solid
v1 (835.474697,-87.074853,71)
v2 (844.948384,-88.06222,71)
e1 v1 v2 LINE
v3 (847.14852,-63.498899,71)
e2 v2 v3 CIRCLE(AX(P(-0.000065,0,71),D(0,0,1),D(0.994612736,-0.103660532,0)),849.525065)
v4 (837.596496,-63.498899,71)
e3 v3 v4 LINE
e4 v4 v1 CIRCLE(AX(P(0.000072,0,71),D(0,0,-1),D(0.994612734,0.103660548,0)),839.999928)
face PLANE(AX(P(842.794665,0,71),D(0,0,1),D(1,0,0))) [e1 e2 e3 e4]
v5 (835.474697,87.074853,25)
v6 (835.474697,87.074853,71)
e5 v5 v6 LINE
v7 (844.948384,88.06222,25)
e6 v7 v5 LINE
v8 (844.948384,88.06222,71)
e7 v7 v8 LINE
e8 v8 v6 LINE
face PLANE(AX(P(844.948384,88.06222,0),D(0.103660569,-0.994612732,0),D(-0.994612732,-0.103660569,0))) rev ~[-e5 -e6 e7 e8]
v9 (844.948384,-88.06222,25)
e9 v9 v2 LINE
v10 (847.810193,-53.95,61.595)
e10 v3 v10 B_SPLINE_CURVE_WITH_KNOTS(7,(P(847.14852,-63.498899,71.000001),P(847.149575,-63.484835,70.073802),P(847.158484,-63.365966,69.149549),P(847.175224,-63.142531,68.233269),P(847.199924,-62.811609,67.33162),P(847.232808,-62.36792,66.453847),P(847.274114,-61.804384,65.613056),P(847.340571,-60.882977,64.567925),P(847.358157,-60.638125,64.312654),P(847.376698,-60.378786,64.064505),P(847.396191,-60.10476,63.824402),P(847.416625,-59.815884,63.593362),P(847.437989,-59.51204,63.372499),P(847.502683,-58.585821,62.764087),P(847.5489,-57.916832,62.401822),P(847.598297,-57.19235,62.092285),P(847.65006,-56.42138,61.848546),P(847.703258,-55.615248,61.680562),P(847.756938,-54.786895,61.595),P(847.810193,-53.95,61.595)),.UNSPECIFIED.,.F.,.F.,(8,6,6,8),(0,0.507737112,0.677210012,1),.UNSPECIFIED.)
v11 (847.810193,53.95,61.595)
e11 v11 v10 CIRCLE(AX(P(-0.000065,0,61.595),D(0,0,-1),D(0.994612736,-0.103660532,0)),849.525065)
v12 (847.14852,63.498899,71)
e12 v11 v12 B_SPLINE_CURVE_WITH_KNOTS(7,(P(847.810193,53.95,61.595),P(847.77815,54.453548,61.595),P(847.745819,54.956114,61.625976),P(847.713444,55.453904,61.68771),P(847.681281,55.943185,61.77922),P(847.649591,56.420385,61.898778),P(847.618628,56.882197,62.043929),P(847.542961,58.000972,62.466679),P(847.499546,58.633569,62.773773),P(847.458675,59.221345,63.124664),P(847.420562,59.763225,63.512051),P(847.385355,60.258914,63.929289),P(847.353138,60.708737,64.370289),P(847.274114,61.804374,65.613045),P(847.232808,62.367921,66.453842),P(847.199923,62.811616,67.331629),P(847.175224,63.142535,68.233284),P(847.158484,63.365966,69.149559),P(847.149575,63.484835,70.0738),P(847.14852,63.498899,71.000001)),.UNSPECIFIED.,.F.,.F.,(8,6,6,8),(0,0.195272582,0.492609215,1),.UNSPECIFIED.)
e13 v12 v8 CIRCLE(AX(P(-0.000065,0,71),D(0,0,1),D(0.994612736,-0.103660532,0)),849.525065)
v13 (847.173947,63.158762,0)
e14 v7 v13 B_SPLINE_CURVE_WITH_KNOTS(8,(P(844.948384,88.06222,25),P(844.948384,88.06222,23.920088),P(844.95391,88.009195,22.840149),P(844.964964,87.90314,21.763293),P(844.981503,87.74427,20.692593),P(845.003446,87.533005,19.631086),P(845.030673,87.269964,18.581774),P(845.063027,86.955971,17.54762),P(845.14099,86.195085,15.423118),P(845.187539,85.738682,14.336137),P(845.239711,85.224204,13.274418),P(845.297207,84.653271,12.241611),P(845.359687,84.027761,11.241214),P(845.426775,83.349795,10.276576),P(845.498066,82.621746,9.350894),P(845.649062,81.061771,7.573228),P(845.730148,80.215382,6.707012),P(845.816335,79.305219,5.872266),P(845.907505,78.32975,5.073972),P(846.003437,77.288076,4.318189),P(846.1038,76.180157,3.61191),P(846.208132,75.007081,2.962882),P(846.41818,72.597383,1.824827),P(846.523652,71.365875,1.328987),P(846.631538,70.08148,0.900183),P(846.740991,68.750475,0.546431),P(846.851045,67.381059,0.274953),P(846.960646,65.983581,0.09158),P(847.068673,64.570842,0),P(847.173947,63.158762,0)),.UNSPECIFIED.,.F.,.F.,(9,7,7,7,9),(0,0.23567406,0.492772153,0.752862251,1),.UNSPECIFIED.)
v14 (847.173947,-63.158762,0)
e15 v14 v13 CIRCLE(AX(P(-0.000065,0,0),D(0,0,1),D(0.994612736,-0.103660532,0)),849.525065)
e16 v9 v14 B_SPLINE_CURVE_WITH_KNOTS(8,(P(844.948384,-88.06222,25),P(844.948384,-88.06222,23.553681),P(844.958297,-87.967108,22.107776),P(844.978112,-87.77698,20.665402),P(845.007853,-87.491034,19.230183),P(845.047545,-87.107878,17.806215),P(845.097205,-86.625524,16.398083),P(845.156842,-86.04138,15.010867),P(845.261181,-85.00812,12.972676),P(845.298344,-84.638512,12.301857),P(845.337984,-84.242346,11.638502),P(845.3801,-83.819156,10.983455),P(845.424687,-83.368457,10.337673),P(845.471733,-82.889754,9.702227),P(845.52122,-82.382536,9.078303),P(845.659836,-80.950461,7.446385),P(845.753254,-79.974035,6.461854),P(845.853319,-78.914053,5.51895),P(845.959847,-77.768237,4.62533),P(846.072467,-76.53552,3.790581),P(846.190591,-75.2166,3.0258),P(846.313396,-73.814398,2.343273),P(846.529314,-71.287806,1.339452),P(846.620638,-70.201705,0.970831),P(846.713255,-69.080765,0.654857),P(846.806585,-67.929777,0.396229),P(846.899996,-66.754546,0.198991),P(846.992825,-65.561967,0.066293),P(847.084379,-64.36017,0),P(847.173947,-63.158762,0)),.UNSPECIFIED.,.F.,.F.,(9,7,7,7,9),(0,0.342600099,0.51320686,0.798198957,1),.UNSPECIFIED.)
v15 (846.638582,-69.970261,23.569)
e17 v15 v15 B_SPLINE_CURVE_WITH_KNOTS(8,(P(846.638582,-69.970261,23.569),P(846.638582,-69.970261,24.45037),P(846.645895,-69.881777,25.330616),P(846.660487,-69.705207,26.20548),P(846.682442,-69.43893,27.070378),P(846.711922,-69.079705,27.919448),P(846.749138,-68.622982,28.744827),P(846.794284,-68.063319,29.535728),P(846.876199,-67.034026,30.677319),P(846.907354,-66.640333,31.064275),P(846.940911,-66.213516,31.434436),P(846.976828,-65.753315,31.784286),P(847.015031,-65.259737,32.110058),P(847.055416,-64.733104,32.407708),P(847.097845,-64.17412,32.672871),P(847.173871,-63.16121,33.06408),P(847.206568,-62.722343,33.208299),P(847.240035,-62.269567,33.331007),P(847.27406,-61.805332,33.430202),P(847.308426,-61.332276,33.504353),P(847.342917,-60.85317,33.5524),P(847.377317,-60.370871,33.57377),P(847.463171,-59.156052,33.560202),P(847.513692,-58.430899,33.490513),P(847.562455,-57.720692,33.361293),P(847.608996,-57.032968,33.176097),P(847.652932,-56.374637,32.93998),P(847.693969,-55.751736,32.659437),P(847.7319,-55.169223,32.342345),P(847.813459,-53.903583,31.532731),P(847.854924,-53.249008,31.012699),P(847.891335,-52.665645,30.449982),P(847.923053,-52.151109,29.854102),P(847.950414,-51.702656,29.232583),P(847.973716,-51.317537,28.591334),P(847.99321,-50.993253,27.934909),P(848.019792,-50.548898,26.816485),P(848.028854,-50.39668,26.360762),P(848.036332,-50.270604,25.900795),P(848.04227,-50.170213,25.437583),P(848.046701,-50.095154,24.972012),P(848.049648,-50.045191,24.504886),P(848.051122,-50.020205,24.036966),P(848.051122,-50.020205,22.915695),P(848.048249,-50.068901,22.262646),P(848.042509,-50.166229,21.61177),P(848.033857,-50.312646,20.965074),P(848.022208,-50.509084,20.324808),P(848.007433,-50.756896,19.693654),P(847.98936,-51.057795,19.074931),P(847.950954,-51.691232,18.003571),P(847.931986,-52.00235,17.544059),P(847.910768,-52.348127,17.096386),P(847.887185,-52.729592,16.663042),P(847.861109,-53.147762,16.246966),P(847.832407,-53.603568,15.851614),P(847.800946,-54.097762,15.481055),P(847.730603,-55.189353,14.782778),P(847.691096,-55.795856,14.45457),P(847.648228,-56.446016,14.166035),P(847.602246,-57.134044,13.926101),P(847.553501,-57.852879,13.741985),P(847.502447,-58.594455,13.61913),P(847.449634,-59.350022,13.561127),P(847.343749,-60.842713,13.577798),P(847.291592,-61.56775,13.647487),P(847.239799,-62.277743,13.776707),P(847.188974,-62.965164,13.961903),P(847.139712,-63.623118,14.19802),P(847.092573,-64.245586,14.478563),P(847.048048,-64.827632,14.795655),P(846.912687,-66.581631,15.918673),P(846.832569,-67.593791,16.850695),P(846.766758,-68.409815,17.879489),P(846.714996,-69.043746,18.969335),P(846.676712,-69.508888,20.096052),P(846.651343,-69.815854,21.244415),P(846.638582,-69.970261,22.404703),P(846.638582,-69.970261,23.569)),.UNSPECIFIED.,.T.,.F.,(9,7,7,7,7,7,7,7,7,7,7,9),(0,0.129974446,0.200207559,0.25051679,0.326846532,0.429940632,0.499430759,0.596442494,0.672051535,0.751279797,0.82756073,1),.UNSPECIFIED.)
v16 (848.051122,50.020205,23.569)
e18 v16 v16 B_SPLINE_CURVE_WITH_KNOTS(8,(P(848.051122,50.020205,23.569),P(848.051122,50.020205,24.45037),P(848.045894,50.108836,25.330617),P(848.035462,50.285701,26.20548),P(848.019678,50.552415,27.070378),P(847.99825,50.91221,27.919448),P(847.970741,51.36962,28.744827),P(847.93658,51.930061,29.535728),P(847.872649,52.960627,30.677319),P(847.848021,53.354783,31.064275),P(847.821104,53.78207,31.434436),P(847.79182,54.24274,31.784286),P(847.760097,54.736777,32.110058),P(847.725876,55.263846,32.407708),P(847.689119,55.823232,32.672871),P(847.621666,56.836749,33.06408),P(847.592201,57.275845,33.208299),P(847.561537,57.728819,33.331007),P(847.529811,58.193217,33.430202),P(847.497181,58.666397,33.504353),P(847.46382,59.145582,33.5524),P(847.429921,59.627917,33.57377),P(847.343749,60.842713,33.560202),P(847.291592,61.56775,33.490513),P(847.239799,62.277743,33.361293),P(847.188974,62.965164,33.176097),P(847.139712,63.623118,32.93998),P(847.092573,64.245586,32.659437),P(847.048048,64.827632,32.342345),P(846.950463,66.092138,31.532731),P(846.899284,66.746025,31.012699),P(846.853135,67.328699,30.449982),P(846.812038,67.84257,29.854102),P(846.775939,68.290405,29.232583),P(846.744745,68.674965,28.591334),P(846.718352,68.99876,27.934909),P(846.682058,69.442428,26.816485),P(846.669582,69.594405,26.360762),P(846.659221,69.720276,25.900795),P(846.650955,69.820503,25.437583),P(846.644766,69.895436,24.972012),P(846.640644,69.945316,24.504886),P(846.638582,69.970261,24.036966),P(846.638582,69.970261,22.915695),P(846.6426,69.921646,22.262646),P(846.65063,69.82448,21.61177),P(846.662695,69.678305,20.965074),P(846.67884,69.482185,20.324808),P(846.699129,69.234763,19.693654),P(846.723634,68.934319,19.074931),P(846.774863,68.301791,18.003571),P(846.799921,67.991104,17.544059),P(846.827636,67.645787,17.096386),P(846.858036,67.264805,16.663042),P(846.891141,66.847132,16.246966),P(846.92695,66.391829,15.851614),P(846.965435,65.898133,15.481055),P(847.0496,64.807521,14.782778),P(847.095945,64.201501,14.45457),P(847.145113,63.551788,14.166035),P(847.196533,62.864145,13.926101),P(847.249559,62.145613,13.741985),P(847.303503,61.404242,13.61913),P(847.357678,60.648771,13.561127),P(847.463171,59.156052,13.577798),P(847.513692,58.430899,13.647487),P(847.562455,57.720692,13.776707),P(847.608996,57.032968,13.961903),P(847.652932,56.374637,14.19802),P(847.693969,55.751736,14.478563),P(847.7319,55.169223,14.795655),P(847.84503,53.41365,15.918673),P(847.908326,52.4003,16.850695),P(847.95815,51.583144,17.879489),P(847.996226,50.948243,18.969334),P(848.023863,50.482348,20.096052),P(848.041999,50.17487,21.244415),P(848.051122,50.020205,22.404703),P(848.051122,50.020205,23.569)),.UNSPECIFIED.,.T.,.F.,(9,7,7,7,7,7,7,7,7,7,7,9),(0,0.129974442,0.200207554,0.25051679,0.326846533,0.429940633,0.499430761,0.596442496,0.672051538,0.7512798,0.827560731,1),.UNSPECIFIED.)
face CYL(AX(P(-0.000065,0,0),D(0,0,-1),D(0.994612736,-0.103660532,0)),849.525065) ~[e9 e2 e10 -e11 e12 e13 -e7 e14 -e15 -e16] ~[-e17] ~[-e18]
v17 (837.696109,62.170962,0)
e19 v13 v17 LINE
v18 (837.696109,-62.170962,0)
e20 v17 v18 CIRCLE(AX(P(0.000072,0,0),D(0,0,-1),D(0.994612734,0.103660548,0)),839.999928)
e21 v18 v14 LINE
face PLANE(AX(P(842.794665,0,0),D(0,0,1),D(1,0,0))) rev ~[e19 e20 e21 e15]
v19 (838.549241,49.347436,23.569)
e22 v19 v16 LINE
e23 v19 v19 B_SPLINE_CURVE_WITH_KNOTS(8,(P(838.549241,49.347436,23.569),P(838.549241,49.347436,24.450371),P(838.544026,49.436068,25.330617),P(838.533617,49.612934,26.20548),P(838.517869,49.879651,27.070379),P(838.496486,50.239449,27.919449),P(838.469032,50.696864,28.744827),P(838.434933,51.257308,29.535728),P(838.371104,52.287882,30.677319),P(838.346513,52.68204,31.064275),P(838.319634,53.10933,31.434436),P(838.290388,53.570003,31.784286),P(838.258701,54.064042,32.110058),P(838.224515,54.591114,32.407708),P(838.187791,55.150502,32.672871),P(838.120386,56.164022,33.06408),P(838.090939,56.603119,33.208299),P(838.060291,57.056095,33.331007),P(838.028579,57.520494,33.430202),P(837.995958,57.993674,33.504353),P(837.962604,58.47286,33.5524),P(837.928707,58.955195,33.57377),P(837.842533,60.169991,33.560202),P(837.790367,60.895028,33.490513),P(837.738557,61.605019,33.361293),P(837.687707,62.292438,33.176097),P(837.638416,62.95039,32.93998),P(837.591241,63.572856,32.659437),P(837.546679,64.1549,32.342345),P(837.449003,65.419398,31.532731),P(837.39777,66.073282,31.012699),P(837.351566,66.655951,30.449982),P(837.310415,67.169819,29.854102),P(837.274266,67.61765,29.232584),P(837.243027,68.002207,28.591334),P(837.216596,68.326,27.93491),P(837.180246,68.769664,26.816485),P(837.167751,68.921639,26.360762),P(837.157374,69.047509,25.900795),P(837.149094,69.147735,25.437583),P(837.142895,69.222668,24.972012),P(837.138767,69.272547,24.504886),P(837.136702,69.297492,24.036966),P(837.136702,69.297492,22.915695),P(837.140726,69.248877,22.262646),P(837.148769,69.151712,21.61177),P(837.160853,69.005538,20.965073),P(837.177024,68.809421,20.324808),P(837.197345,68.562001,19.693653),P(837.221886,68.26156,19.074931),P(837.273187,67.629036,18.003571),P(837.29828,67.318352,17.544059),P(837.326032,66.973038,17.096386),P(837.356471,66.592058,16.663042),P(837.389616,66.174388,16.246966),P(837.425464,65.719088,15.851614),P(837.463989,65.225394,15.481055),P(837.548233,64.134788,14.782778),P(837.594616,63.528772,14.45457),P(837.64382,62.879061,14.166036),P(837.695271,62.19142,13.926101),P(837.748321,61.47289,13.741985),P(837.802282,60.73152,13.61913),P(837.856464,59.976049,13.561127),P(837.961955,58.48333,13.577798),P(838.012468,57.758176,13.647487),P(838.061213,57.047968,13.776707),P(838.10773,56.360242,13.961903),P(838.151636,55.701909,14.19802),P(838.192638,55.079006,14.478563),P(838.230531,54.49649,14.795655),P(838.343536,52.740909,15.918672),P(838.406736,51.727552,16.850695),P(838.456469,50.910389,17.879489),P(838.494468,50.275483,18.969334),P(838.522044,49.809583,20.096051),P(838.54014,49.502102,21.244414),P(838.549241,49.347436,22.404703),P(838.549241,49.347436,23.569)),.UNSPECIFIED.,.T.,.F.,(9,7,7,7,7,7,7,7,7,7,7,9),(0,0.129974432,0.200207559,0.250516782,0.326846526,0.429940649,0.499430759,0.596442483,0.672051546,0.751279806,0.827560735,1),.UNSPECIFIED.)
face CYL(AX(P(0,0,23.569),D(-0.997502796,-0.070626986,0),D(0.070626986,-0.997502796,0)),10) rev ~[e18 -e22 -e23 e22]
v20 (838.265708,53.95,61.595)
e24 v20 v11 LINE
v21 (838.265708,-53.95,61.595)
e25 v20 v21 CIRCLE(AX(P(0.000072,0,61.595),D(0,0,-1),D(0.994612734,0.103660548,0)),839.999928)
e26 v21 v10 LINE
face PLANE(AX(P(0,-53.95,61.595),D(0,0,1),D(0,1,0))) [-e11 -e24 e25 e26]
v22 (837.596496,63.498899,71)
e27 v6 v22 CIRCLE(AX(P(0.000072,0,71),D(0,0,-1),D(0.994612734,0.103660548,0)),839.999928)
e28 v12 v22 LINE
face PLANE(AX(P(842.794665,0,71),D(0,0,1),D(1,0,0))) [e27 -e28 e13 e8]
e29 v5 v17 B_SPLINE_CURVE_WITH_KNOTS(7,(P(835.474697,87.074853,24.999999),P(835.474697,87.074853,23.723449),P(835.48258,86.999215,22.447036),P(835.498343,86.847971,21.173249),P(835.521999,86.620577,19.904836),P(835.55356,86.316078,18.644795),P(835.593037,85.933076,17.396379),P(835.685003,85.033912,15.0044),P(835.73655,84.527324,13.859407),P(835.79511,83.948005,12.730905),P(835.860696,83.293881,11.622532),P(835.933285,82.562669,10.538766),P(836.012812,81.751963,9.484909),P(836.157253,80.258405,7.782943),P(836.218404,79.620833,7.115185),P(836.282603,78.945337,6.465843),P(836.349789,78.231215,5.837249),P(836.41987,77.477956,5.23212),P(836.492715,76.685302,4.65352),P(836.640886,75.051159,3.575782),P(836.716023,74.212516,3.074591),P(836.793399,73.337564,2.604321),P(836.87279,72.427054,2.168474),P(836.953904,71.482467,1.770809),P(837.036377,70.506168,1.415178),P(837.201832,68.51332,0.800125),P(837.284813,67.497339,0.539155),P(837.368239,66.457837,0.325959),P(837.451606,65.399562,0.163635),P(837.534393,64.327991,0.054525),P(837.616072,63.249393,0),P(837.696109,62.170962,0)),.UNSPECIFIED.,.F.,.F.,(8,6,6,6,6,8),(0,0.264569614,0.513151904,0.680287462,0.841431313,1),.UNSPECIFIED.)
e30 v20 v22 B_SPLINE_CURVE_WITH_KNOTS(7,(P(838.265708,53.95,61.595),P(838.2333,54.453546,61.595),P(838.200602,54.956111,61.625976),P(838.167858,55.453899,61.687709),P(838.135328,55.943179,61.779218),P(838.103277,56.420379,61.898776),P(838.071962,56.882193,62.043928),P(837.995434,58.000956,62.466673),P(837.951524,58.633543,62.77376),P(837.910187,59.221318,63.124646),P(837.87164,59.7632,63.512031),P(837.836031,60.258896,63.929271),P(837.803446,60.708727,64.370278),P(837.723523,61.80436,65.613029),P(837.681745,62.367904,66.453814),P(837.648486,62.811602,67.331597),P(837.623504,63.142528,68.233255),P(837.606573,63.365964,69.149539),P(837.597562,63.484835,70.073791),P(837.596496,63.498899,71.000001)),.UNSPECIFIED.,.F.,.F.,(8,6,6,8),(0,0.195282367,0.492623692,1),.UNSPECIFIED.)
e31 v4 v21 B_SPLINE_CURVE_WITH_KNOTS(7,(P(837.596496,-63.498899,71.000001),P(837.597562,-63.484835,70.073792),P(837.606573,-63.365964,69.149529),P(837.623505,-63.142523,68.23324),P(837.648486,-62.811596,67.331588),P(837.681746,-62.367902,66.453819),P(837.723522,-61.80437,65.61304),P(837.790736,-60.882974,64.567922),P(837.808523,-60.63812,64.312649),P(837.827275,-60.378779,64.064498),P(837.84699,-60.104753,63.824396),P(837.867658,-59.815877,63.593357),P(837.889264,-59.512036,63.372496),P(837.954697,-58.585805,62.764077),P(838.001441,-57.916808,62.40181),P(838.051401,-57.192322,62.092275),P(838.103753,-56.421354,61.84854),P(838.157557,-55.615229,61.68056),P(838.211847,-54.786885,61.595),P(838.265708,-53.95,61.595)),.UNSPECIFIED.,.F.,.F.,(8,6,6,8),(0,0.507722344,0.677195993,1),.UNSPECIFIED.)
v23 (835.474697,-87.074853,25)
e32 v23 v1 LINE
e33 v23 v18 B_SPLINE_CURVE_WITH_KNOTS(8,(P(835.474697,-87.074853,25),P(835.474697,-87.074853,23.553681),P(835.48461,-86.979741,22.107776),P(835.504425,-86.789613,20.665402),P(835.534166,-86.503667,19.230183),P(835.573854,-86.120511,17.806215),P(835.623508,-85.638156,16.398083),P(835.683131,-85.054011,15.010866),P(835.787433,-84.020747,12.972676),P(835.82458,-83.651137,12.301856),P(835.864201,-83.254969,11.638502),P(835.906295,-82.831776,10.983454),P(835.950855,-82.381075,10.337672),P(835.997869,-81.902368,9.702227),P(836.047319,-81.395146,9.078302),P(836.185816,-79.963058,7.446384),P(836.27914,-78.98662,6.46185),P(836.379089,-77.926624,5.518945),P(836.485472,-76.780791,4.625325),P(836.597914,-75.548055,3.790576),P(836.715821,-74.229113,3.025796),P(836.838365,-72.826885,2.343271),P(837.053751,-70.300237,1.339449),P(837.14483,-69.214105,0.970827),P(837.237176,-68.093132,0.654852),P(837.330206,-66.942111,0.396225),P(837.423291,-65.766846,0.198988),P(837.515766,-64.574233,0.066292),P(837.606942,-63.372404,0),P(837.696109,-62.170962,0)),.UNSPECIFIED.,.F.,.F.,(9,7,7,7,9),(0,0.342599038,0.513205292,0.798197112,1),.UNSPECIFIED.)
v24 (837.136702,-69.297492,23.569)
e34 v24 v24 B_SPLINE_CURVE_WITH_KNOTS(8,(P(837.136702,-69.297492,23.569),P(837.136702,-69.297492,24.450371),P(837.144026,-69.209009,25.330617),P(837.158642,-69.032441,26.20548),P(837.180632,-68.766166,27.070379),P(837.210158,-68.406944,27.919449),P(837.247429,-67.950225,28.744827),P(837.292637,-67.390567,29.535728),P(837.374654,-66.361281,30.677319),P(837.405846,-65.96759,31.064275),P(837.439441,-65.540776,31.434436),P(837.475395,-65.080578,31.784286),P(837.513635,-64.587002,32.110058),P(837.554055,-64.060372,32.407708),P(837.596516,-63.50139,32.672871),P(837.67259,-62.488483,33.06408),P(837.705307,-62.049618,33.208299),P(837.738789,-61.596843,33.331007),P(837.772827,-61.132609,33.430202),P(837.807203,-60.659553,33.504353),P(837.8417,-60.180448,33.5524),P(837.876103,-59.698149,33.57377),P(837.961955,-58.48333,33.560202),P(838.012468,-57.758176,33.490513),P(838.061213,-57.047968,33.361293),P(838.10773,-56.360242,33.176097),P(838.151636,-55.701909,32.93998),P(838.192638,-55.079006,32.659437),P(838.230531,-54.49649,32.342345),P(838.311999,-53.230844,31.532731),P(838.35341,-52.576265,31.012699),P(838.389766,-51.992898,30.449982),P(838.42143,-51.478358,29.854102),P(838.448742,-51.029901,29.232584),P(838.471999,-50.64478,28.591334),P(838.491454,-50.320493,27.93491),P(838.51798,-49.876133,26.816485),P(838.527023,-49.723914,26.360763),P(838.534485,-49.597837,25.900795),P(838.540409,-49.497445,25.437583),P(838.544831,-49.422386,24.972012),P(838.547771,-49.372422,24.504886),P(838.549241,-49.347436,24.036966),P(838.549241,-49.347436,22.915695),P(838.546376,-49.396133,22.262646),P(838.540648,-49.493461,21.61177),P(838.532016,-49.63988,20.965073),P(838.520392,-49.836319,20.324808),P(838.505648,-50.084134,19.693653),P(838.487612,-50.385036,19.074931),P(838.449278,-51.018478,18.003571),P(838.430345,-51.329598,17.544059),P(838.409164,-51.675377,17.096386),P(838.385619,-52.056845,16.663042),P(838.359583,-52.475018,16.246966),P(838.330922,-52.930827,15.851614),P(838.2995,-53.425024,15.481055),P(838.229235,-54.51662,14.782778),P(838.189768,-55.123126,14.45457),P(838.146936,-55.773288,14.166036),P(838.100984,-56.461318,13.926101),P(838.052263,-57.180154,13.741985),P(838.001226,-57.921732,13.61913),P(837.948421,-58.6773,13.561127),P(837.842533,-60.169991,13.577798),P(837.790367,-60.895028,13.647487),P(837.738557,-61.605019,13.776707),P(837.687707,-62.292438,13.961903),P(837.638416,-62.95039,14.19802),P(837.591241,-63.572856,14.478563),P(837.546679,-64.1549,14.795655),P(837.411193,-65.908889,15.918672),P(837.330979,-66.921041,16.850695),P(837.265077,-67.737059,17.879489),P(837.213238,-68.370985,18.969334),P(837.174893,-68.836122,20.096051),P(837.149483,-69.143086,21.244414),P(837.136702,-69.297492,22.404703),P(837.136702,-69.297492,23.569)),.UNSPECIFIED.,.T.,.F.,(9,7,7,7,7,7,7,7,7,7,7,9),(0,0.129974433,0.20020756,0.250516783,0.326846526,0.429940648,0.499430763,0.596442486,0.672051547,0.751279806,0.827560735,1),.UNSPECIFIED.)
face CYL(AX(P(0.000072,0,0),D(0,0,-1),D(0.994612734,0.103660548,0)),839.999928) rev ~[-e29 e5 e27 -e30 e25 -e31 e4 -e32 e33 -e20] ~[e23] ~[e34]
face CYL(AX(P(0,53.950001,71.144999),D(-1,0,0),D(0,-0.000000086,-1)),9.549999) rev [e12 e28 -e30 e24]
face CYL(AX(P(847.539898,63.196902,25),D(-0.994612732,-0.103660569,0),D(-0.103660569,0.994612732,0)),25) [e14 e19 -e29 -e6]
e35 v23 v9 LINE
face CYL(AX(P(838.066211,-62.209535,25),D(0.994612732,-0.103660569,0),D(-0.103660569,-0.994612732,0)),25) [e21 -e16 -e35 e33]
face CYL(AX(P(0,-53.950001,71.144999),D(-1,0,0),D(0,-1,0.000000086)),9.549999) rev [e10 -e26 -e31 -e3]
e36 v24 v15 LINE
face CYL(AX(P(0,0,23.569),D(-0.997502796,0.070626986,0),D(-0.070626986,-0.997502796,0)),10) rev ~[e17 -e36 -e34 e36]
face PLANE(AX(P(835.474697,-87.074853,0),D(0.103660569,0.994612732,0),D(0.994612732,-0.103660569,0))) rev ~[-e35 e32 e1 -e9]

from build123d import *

# Parameters (mm, degrees)
F1_DEPTH  = 71
F2_R      = 25
F4_DEPTH  = 849.526
F8_R      = 10
F9_DEPTH  = 853.624132
F10_R     = 10
F11_DEPTH = 853.624132


with BuildPart() as f1:
    # F0 (on Top) → F1 (new body)
    with BuildSketch(Plane.XY):
        with BuildLine():
            Line((844.948384, 88.06222), (835.474697, 87.074853))
            ThreePointArc((835.474697, 87.074853), (840, 0), (835.474697, -87.074853))
            Line((835.474697, -87.074853), (844.948384, -88.06222))
            ThreePointArc((844.948384, -88.06222), (849.525, 0), (844.948384, 88.06222))
        make_face()
    extrude(amount=F1_DEPTH)

    # F2
    f2_edges = [f1.edges().sort_by_distance(p)[0] for p in [
        (840.211541, -87.568536, 0),
        (840.211541, 87.568536, 0),
    ]]
    fillet(f2_edges, radius=F2_R)

    # F3 (on Right) → F4 (cut, through all)
    with BuildSketch(Plane.YZ):
        with BuildLine():
            Line((-53.95, 61.595), (53.95, 61.595))
            ThreePointArc((53.95, 61.595), (60.70287, 64.39213), (63.5, 71.145))
            Line((63.5, 71.145), (63.5, 188.595))
            Line((63.5, 188.595), (-63.5, 188.595))
            Line((-63.5, 188.595), (-63.5, 71.145))
            ThreePointArc((-63.5, 71.145), (-60.70287, 64.39213), (-53.95, 61.595))
        make_face()
    extrude(amount=F4_DEPTH, mode=Mode.SUBTRACT)

    # F8 (on face) → F9 (cut, through all)
    with BuildSketch(Plane(origin=(0, 0, 0), x_dir=(-0.070627, -0.997503, 0), z_dir=(-0.997503, 0.070627, 0))):
        with Locations((0, 23.569)):
            Circle(F8_R)
    extrude(amount=-F9_DEPTH, mode=Mode.SUBTRACT)

    # F10 (on face) → F11 (cut, through all)
    with BuildSketch(Plane(origin=(0, 0, 0), x_dir=(0.070627, -0.997503, 0), z_dir=(-0.997503, -0.070627, 0))):
        with Locations((0, 23.569)):
            Circle(F10_R)
    extrude(amount=-F11_DEPTH, mode=Mode.SUBTRACT)


solid = f1.part
